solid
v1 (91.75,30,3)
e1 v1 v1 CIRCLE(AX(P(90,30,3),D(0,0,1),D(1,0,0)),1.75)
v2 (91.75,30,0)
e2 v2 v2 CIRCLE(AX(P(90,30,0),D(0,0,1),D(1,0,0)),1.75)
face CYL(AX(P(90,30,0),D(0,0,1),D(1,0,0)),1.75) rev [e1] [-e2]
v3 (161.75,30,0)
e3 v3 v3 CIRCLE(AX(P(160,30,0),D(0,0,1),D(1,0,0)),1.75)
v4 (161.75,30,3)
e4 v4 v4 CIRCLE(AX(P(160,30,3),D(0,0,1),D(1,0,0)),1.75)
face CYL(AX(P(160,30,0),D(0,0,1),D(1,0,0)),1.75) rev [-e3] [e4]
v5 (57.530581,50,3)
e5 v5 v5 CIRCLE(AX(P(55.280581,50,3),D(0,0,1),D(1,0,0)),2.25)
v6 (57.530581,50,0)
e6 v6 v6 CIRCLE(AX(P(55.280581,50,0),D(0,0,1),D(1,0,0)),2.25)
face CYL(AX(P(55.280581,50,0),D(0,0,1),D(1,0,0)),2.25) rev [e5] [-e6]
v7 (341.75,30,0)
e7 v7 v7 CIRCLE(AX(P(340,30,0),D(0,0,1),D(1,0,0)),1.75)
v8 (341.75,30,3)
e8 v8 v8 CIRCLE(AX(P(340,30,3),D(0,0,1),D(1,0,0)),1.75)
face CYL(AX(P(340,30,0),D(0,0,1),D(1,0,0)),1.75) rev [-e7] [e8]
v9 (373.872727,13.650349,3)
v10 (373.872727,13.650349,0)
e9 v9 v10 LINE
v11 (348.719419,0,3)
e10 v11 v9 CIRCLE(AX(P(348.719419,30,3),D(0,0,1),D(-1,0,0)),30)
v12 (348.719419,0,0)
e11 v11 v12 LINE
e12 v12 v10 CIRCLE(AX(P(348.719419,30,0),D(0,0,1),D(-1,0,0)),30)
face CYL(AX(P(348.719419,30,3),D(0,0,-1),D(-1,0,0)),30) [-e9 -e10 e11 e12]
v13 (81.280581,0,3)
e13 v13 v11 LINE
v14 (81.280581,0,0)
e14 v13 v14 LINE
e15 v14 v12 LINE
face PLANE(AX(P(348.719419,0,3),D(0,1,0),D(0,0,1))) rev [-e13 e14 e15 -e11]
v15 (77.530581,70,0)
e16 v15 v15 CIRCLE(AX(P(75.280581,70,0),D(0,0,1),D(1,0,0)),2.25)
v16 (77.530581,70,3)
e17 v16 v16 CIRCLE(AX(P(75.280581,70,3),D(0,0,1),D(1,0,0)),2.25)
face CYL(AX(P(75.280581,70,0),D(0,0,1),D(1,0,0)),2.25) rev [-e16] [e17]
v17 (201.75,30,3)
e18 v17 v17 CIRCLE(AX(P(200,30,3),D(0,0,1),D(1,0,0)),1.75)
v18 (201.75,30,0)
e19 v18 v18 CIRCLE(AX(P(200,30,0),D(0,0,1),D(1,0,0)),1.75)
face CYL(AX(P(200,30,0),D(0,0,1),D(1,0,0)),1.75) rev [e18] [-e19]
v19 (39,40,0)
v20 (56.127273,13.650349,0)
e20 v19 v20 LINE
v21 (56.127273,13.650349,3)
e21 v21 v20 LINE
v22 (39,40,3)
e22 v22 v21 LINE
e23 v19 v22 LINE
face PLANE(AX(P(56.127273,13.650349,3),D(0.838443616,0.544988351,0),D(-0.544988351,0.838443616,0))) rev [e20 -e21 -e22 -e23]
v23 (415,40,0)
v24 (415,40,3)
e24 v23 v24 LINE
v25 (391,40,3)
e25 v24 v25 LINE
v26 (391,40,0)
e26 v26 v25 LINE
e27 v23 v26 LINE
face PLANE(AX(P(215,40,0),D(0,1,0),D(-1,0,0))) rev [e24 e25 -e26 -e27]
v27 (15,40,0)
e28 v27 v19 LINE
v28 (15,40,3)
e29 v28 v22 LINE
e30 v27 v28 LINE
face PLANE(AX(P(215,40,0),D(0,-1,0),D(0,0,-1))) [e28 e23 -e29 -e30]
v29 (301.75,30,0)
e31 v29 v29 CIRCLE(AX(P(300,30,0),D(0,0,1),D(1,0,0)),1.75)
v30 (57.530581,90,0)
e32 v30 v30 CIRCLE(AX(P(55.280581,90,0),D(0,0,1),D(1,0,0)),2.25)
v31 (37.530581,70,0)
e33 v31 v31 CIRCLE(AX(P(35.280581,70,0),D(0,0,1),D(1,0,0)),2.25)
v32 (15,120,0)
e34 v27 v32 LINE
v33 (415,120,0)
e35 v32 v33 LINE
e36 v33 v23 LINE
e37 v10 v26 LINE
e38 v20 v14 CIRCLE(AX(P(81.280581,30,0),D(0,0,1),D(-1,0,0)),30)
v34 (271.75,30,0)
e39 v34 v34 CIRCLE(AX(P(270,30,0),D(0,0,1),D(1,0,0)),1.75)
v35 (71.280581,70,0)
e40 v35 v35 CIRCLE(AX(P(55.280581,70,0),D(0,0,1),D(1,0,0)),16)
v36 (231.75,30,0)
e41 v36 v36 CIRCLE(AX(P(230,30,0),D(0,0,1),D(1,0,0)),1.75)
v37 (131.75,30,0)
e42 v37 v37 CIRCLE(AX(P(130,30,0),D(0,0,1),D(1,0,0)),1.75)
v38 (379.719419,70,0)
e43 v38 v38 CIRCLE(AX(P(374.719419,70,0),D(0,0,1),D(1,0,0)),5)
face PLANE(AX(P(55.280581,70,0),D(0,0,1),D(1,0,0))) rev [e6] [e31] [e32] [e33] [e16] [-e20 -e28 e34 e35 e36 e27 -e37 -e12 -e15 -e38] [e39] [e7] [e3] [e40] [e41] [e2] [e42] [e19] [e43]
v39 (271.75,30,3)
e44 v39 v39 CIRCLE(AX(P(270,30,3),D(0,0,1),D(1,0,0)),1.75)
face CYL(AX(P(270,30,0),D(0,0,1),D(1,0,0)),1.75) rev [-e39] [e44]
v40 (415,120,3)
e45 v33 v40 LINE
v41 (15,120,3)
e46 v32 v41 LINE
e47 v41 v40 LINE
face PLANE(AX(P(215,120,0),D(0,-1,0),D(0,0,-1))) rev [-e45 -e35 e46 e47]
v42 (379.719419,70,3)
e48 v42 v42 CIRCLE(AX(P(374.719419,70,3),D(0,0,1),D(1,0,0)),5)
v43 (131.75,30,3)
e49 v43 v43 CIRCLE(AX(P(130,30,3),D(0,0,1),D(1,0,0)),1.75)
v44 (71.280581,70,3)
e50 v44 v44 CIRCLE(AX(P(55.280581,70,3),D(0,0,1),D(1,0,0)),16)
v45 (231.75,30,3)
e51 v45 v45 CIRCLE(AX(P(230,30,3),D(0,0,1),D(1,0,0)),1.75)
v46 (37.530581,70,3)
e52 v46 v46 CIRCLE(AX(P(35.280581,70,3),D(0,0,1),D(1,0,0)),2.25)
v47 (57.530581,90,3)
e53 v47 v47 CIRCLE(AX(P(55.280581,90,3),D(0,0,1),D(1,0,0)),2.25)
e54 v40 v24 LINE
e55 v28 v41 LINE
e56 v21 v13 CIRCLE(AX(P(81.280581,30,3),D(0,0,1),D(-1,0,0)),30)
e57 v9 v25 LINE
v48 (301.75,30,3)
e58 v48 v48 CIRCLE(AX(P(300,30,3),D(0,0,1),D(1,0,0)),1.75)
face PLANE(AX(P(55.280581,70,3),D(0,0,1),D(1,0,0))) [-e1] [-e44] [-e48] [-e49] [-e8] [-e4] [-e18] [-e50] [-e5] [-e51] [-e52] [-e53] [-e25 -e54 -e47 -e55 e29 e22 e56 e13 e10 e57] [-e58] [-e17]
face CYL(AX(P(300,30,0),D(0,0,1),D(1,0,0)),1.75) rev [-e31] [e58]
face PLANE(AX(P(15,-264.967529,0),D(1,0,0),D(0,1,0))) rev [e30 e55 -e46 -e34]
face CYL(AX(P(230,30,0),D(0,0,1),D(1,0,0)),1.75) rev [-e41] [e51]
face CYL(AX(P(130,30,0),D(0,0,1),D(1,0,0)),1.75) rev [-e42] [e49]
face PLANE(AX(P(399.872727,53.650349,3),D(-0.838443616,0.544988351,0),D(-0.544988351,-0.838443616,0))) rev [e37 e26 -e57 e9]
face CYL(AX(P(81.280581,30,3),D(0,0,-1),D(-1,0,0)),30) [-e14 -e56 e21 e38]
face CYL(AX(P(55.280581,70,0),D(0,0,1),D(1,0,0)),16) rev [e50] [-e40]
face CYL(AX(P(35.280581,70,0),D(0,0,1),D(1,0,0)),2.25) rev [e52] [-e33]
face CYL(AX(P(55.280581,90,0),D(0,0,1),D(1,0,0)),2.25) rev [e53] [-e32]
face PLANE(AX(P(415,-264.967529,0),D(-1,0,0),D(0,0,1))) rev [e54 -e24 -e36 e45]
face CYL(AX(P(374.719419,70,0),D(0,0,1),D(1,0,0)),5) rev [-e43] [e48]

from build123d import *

# Parameters (mm, degrees)
EXTRUDE_1_DEPTH        = 3
SKETCH_3_R             = 16
SKETCH_3_R_2           = 2.25
SKETCH_3_R_3           = 5
CUT_EXTRUDE_3_DEPTH    = 417.901436616
EXTRUDE_START          = -3
EXTRUDE_4_DEPTH        = 3
SKETCH_5_R             = 1.75
CUT_EXTRUDE_5_DEPTH    = 433.011573919
PATTERN_LINEAR_1_COUNT = 4
PATTERN_LINEAR_1_PITCH = 70


with BuildPart() as part:
    # 草圖1 → 伸長1 (new body)
    with BuildSketch(Plane.XY):
        with BuildLine():
            Line((55.280581326, 100), (374.719418674, 100))
            ThreePointArc((374.719418674, 100), (401.086913014, 84.309271198), (399.872727163, 53.650349482))
            Line((399.872727163, 53.650349482), (373.872727163, 13.650349482))
            ThreePointArc((373.872727163, 13.650349482), (363.028689873, 3.63250566), (348.719418674, 0))
            Line((348.719418674, 0), (81.280581326, 0))
            ThreePointArc((81.280581326, 0), (66.971310127, 3.63250566), (56.127272837, 13.650349482))
            Line((56.127272837, 13.650349482), (30.127272837, 53.650349482))
            ThreePointArc((30.127272837, 53.650349482), (28.913086986, 84.309271198), (55.280581326, 100))
        make_face()
    extrude(amount=EXTRUDE_1_DEPTH)

    # 草圖3 → 伸長3 (cut, through all)
    with BuildSketch(Plane.XY.offset(3)):
        with Locations((55.280581326, 70)):
            Circle(SKETCH_3_R)
        with Locations((55.280581326, 90)):
            Circle(SKETCH_3_R_2)
        with Locations((75.280581326, 70)):
            Circle(SKETCH_3_R_2)
        with Locations((55.280581326, 50)):
            Circle(SKETCH_3_R_2)
        with Locations((35.280581326, 70)):
            Circle(SKETCH_3_R_2)
        with Locations((374.719418674, 70)):
            Circle(SKETCH_3_R_3)
    extrude(amount=-CUT_EXTRUDE_3_DEPTH, mode=Mode.SUBTRACT)

    # 草圖4 → 伸長4 (add)
    with BuildSketch(Plane.XY.offset(3).offset(EXTRUDE_START)):
        with BuildLine():
            Line((399.872727163, 53.650349482), (391, 40))
            Line((391, 40), (415, 40))
            Line((415, 40), (415, 120))
            Line((415, 120), (15, 120))
            Line((15, 120), (15, 40))
            Line((15, 40), (39, 40))
            Line((39, 40), (30.127272837, 53.650349482))
            ThreePointArc((30.127272837, 53.650349482), (28.913086986, 84.309271198), (55.280581326, 100))
            Line((55.280581326, 100), (374.719418674, 100))
            ThreePointArc((374.719418674, 100), (401.086913014, 84.309271198), (399.872727163, 53.650349482))
        make_face()
    extrude(amount=EXTRUDE_4_DEPTH)

    # 草圖5 → 伸長5 (cut, through all)
    with BuildSketch(Plane.XY.offset(3)):
        with Locations((130, 30)):
            Circle(SKETCH_5_R)
        with Locations((90, 30)):
            Circle(SKETCH_5_R)
    cut_extrude_5 = extrude(amount=-CUT_EXTRUDE_5_DEPTH, mode=Mode.SUBTRACT)

    # 直線複製排列1: 伸長5 ×4
    with Locations(*[(i * PATTERN_LINEAR_1_PITCH, 0, 0) for i in range(1, PATTERN_LINEAR_1_COUNT)]):
        add(cut_extrude_5, mode=Mode.SUBTRACT)


solid = part.part
